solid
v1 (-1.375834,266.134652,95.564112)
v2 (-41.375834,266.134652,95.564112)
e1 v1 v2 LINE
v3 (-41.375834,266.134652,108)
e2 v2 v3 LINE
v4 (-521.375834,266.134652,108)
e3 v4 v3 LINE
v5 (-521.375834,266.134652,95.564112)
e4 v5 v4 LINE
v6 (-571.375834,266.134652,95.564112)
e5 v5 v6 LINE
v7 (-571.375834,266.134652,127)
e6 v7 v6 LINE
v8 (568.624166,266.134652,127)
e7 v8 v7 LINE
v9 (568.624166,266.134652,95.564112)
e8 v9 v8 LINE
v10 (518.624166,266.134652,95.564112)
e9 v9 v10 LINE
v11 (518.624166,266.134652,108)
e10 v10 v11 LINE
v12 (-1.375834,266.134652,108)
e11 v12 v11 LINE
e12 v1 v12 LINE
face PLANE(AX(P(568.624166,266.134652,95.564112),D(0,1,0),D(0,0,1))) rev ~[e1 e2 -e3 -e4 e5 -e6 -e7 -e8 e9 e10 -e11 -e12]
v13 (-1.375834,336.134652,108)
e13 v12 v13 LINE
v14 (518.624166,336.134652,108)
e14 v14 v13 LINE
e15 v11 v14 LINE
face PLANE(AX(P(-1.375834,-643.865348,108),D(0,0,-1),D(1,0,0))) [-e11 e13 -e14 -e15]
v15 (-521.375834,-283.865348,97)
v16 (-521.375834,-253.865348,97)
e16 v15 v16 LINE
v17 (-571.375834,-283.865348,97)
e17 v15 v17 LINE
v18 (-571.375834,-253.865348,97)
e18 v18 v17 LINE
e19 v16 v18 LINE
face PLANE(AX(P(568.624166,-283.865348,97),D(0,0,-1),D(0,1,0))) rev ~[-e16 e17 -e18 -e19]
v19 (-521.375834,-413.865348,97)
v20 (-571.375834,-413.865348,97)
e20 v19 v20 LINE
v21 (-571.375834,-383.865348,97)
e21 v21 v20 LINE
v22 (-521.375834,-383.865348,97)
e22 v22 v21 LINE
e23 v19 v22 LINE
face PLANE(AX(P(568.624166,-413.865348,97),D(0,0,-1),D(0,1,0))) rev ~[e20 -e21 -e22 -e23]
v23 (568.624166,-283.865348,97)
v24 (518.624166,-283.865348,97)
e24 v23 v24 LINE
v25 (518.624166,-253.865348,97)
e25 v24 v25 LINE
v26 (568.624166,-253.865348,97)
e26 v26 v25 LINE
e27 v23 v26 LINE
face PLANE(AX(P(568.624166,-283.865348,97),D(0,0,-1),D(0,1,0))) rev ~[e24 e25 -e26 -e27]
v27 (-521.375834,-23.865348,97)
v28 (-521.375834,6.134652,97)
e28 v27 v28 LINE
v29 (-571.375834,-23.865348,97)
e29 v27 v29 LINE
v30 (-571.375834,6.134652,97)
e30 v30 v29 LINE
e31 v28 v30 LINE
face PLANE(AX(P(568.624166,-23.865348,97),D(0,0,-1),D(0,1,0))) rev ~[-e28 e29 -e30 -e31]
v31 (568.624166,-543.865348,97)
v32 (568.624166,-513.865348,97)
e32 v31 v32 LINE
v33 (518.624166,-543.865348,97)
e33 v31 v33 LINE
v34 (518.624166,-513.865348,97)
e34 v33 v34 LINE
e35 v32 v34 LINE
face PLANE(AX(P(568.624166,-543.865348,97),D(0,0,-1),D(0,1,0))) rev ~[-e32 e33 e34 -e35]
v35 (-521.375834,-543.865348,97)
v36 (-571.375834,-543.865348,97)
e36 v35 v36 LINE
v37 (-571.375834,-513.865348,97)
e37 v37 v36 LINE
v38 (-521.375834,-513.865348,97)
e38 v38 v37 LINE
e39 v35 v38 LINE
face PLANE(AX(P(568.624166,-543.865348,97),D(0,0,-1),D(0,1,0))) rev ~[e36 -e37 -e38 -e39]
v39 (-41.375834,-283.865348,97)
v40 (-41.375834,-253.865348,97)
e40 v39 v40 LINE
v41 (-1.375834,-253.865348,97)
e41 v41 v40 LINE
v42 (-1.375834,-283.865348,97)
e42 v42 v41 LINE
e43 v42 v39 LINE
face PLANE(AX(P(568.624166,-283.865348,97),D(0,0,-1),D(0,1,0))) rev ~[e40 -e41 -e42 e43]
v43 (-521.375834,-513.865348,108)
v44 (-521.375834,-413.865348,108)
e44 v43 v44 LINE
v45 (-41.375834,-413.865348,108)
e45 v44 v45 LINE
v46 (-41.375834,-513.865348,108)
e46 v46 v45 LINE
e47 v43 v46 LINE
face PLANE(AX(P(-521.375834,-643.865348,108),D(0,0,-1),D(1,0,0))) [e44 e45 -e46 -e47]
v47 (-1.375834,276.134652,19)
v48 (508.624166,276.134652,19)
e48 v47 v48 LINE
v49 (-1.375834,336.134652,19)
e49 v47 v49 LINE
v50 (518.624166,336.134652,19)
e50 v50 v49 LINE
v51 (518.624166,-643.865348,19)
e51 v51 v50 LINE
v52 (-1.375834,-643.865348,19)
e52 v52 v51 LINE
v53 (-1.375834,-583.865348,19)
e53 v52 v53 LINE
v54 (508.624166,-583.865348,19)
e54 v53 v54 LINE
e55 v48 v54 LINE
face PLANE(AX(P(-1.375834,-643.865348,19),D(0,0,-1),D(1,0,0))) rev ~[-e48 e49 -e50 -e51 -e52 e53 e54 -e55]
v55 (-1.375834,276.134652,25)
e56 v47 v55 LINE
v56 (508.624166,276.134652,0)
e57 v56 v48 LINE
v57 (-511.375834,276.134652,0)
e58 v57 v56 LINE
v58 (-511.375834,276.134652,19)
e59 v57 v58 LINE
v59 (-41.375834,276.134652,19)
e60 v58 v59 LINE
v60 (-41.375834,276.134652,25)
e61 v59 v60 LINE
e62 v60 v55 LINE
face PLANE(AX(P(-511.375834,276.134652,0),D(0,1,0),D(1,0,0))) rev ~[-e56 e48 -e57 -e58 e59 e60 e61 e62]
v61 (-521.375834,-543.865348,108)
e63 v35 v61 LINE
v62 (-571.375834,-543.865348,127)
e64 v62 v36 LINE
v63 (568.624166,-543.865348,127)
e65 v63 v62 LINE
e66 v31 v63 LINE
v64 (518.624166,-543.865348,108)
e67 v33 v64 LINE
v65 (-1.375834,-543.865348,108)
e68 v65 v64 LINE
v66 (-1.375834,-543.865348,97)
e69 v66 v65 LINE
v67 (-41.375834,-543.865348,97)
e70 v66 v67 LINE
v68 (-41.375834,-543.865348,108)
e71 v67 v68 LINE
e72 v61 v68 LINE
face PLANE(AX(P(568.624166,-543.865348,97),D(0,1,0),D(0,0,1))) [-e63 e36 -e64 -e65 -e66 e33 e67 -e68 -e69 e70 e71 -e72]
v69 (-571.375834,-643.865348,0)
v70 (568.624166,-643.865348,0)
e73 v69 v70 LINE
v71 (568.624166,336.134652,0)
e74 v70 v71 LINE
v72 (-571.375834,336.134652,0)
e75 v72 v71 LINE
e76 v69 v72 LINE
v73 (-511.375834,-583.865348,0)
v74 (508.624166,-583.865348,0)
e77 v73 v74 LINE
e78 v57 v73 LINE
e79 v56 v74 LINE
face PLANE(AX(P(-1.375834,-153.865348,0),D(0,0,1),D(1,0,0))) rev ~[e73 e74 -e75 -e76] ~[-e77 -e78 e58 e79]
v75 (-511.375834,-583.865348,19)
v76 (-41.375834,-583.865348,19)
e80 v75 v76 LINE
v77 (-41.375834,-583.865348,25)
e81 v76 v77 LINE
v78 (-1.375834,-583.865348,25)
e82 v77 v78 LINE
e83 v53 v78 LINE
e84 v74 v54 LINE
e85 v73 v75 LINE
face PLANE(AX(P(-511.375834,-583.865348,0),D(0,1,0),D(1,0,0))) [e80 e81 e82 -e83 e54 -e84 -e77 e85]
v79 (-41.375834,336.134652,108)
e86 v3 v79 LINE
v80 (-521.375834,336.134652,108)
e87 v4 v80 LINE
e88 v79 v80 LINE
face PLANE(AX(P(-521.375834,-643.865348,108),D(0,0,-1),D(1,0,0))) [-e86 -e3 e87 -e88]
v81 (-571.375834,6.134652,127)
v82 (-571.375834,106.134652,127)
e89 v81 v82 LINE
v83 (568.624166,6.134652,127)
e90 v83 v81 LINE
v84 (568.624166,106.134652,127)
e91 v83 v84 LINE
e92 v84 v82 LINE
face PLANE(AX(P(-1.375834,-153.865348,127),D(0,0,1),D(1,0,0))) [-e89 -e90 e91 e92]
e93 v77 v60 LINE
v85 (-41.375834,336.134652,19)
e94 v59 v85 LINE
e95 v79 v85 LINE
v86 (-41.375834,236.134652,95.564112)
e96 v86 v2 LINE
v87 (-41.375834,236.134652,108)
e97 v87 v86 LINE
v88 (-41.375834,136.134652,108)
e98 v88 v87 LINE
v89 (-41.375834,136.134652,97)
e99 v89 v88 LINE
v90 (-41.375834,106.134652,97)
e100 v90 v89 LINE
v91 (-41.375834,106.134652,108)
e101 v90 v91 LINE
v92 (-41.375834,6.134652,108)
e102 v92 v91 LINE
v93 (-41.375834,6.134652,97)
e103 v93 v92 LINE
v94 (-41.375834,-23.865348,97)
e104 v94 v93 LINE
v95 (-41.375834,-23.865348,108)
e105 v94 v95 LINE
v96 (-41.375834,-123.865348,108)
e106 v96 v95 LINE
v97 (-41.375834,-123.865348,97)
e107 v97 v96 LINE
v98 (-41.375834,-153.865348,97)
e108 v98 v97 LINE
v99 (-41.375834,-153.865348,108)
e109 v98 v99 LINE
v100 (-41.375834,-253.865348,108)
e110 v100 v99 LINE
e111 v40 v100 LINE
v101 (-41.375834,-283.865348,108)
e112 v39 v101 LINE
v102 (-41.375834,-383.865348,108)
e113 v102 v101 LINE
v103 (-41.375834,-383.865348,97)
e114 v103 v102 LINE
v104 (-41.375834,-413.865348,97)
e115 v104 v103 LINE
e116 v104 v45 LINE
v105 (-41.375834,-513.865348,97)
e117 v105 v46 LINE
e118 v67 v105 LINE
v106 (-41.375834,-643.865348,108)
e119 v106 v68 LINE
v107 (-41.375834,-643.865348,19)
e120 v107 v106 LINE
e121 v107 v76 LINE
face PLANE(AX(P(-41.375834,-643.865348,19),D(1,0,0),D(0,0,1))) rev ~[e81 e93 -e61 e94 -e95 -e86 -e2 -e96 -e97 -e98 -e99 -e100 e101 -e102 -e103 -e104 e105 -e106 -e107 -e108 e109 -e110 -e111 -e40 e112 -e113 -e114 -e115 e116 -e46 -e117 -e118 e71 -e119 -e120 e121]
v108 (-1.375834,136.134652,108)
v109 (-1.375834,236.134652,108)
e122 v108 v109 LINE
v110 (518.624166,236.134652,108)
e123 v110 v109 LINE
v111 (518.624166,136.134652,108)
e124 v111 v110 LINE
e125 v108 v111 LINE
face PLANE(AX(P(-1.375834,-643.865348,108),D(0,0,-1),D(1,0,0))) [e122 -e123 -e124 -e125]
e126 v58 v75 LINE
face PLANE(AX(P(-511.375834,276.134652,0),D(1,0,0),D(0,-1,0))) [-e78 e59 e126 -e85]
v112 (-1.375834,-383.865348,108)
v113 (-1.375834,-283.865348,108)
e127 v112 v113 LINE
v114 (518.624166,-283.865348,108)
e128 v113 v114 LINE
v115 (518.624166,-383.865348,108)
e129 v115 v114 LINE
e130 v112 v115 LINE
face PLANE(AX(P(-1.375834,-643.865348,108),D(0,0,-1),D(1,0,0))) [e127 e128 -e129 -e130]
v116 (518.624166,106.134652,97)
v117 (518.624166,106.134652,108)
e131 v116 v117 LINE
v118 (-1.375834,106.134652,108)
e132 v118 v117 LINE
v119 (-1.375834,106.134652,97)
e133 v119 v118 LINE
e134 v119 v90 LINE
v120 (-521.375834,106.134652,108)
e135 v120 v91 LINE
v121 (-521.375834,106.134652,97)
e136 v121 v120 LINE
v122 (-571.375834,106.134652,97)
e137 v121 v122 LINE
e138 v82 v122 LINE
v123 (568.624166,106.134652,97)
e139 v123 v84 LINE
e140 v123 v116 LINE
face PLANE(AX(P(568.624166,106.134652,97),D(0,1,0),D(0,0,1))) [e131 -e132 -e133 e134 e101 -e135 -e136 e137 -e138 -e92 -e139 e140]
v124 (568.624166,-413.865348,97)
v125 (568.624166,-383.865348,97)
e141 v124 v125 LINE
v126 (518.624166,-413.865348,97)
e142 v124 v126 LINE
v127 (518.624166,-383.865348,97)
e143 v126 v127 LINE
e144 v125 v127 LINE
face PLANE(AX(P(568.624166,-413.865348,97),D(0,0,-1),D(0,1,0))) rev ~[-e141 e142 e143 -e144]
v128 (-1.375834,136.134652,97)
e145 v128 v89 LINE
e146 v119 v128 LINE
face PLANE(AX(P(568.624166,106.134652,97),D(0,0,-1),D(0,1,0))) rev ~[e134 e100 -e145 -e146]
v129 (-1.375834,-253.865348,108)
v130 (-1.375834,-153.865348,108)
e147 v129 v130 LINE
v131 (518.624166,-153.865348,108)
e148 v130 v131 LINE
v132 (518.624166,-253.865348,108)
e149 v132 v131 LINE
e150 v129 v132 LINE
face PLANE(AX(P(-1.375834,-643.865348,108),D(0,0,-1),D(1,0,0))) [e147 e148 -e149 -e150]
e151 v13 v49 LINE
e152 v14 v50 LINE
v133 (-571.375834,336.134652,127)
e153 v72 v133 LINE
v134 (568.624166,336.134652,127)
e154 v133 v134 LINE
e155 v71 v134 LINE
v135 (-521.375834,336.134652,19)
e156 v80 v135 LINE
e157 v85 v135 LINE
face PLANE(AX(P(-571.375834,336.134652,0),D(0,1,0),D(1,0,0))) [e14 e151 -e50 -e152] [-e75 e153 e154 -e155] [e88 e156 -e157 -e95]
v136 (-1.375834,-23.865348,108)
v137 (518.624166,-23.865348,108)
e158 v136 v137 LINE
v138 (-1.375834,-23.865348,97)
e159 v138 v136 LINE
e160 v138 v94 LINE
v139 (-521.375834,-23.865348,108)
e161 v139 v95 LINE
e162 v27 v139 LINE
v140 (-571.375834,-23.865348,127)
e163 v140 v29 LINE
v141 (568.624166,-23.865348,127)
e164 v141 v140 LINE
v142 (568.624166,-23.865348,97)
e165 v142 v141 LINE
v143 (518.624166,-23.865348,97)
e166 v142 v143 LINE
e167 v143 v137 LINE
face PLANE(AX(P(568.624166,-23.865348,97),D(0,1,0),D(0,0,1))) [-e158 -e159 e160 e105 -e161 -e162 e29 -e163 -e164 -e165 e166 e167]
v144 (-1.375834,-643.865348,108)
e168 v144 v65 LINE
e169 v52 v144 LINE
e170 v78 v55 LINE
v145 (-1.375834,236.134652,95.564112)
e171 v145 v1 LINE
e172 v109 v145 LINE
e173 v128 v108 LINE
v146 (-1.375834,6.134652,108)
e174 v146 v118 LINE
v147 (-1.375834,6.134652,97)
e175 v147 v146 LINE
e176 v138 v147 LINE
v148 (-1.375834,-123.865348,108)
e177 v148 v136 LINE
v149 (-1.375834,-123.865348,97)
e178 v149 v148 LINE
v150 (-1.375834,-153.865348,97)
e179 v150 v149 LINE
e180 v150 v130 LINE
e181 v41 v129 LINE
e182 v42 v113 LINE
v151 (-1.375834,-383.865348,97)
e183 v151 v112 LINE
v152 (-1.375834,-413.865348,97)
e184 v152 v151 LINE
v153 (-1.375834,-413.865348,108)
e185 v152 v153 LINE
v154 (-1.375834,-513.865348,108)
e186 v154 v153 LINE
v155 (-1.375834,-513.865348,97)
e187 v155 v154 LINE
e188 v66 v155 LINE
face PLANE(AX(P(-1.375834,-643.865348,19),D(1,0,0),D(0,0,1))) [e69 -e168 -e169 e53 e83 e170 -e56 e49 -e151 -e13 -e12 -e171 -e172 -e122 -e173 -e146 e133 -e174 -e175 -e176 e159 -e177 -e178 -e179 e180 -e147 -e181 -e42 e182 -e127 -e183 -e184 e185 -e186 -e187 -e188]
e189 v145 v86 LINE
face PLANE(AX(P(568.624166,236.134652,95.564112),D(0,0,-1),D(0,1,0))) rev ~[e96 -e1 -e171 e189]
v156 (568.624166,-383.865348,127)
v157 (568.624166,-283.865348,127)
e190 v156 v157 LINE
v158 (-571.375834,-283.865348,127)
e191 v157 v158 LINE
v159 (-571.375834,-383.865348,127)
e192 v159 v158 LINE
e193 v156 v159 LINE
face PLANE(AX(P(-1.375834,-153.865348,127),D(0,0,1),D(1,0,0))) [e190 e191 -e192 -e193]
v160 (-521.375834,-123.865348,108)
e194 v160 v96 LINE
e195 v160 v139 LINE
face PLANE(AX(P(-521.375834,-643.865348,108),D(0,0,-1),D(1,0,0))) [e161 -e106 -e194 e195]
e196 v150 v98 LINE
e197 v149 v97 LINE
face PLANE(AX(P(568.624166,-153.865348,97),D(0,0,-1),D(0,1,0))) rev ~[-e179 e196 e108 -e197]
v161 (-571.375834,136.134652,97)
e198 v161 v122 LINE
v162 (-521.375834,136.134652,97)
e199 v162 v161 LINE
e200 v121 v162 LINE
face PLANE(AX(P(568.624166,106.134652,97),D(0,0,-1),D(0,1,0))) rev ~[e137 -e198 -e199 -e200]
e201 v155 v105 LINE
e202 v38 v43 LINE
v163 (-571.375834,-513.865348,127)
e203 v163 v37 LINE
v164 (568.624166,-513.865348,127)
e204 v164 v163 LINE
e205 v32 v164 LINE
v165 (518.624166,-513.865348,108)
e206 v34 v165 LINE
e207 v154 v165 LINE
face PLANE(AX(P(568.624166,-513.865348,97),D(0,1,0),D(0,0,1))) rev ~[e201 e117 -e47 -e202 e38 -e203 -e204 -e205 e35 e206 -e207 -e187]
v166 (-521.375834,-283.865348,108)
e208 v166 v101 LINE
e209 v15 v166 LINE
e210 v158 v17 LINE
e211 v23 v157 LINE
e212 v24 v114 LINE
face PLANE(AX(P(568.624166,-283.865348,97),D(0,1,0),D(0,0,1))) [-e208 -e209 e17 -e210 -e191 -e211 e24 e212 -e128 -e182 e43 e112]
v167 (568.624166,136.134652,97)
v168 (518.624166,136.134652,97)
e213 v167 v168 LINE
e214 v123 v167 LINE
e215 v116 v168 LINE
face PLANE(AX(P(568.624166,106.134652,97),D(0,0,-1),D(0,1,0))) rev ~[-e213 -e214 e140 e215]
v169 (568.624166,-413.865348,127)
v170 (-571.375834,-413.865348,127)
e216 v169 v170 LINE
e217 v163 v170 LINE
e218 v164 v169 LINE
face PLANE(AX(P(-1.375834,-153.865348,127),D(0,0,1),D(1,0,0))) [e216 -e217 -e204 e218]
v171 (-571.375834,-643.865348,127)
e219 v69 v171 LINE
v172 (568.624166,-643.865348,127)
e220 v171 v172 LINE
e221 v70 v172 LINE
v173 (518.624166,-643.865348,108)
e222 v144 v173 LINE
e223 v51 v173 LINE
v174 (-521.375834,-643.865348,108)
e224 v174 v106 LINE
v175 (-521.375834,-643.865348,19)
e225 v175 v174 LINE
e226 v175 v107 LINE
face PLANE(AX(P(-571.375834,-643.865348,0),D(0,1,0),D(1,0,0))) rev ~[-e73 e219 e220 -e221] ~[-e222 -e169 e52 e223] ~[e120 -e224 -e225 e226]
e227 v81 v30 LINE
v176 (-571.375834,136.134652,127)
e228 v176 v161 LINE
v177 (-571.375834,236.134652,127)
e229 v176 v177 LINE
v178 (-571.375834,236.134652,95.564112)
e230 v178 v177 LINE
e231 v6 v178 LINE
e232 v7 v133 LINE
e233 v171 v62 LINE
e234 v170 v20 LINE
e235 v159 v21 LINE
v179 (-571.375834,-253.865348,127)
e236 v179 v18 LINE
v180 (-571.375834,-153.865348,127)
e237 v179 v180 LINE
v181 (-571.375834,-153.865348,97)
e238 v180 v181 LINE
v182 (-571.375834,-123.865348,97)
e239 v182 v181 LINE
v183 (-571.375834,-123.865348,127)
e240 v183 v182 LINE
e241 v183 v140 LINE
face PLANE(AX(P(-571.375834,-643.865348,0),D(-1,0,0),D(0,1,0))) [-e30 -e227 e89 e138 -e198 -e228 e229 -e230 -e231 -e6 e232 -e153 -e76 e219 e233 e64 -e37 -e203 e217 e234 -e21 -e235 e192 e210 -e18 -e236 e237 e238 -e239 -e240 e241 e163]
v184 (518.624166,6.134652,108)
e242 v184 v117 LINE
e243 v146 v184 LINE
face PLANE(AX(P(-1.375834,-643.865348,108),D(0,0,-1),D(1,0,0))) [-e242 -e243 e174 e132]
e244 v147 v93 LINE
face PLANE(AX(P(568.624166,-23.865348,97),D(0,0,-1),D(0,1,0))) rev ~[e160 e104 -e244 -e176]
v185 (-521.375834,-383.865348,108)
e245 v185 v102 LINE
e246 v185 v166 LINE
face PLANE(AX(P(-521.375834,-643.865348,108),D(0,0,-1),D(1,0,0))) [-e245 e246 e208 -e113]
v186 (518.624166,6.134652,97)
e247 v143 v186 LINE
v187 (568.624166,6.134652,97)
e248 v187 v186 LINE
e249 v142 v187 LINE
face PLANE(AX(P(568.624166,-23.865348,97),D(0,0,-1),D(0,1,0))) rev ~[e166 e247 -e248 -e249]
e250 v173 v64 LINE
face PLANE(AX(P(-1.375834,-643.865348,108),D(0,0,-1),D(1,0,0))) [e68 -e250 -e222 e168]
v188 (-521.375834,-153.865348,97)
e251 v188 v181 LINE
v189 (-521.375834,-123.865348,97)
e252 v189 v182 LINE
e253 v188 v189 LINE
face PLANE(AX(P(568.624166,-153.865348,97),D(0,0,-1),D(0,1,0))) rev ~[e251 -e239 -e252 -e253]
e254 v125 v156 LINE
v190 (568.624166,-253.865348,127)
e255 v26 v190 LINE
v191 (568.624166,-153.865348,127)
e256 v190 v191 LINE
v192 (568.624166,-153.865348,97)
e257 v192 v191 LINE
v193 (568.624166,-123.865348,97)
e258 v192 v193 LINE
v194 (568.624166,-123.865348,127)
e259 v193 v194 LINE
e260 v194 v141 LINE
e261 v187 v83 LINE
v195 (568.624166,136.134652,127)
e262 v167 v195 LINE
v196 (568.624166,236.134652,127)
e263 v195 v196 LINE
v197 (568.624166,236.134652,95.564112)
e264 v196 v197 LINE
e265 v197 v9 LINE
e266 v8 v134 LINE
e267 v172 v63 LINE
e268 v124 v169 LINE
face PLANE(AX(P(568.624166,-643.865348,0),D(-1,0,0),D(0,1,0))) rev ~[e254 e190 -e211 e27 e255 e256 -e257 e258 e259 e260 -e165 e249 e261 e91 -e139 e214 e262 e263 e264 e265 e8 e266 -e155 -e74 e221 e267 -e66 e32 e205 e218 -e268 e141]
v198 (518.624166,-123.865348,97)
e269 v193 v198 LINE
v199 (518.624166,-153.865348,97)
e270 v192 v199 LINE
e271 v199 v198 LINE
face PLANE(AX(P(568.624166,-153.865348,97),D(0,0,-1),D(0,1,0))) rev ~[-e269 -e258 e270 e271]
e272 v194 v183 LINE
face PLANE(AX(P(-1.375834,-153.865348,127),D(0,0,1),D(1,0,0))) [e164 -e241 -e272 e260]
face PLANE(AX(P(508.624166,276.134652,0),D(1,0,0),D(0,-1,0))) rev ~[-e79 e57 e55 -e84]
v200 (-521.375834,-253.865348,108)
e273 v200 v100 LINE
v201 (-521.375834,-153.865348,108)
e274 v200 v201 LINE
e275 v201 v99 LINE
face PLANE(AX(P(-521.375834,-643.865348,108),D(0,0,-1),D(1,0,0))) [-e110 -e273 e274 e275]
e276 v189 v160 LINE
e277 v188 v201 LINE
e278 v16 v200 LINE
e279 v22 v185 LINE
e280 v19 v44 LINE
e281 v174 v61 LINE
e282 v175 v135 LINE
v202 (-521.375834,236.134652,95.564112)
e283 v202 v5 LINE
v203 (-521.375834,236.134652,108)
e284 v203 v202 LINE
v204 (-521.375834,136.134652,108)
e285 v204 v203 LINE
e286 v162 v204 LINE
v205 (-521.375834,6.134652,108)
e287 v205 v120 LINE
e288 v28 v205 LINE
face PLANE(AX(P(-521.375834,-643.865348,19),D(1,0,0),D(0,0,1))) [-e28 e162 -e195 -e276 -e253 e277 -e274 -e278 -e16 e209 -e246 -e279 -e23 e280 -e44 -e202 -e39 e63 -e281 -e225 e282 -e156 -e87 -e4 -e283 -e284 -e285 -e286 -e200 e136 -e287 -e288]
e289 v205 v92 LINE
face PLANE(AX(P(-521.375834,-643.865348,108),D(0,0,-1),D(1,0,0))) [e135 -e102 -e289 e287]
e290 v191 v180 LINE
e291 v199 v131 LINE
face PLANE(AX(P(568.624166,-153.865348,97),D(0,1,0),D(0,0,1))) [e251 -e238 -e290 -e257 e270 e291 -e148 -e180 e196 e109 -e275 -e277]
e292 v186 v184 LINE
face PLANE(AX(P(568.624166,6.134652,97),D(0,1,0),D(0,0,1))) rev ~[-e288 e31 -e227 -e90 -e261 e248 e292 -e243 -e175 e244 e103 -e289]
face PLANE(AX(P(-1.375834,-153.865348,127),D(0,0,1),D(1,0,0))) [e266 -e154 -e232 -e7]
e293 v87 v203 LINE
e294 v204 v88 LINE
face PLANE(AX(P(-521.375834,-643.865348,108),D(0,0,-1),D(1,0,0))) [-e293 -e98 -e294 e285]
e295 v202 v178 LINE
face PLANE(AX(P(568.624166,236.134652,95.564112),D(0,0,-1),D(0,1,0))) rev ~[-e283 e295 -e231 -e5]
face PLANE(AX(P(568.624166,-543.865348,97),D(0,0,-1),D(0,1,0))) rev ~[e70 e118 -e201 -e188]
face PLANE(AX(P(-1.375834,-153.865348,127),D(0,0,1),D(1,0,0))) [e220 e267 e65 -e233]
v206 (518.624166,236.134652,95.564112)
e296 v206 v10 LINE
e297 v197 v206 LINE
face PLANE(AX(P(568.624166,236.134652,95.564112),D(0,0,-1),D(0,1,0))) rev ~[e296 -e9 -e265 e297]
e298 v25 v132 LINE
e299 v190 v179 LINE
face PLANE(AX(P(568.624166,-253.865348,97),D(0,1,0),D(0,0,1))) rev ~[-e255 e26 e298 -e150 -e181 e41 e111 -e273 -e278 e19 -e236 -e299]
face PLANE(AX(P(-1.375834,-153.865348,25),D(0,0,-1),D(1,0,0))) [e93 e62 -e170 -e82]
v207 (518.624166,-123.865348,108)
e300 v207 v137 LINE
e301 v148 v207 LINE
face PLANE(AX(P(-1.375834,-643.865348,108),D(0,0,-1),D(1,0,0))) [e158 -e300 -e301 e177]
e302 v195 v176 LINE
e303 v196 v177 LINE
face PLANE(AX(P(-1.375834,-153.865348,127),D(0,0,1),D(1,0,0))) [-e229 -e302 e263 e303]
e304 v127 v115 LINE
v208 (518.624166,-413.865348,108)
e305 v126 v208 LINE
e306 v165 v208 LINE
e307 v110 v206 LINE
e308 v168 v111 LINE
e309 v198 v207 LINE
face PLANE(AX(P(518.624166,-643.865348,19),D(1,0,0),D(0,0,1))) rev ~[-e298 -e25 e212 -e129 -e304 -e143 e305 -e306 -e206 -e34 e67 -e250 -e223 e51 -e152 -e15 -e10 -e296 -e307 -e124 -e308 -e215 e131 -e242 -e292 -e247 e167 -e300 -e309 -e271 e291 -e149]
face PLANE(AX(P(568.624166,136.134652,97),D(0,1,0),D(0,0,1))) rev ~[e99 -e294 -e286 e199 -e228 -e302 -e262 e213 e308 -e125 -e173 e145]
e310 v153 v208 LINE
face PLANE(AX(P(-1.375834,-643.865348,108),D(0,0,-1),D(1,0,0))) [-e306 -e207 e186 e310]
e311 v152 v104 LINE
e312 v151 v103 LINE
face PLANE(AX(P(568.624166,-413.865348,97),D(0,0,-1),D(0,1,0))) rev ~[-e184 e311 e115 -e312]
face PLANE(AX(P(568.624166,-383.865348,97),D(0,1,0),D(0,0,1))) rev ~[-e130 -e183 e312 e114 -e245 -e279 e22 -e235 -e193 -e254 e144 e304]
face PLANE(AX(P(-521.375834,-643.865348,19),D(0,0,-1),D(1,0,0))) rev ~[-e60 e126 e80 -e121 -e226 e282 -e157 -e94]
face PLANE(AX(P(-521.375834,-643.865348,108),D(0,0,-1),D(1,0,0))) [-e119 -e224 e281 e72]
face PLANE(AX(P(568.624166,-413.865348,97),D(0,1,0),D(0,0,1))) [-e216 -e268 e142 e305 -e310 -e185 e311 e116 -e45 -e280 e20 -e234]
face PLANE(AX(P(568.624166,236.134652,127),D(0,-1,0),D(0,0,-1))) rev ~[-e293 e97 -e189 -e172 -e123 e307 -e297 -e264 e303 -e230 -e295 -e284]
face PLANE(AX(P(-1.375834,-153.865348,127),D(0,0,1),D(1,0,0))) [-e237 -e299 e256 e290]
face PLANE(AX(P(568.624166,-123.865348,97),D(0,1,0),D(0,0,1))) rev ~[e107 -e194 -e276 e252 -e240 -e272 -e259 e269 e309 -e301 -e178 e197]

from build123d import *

# Parameters (mm, degrees)
F0_W     = 1140
F0_H     = 980
F1_DEPTH = 127
F2_W     = 480
F2_H     = 89
F2_W_2   = 520
F3_DEPTH = 980.001
F4_W     = 30
F4_H     = 30
F5_DEPTH = 1140.001
F6_W     = 1020
F6_H     = 860
F7_DEPTH = 25


with BuildPart() as f1:
    # F0 (on Top) → F1 (new body)
    with BuildSketch(Plane.XY):
        with Locations((-1.375834, -153.865348)):
            Rectangle(F0_W, F0_H)
    extrude(amount=F1_DEPTH)

    # F2 (on face) → F3 (cut, through all)
    with BuildSketch(Plane.XZ.offset(643.865348)):
        with Locations((-281.375834, 63.5)):
            Rectangle(F2_W, F2_H)
        with Locations((258.624166, 63.5)):
            Rectangle(F2_W_2, F2_H)
    extrude(amount=-F3_DEPTH, mode=Mode.SUBTRACT)

    # F4 (on face) → F5 (cut, through all)
    with BuildSketch(Plane.YZ.offset(568.624166)):
        with Locations((-528.865348, 112)):
            Rectangle(F4_W, F4_H)
        Polygon((266.134652, 127), (236.134652, 127), (236.134652, 97), (236.134652, 95.564112), (266.134652, 95.564112), align=None)
        with Locations((-398.865348, 112)):
            Rectangle(F4_W, F4_H)
        with Locations((-268.865348, 112)):
            Rectangle(F4_W, F4_H)
        with Locations((-138.865348, 112)):
            Rectangle(F4_W, F4_H)
        with Locations((-8.865348, 112)):
            Rectangle(F4_W, F4_H)
        with Locations((121.134652, 112)):
            Rectangle(F4_W, F4_H)
    extrude(amount=-F5_DEPTH, mode=Mode.SUBTRACT)

    # F6 (on face) → F7 (cut)
    with BuildSketch(Plane(origin=(0, 0, 0), x_dir=(1, 0, 0), z_dir=(0, 0, -1))):
        with Locations((-1.375834, 153.865348)):
            Rectangle(F6_W, F6_H)
    extrude(amount=-F7_DEPTH, mode=Mode.SUBTRACT)


solid = f1.part
